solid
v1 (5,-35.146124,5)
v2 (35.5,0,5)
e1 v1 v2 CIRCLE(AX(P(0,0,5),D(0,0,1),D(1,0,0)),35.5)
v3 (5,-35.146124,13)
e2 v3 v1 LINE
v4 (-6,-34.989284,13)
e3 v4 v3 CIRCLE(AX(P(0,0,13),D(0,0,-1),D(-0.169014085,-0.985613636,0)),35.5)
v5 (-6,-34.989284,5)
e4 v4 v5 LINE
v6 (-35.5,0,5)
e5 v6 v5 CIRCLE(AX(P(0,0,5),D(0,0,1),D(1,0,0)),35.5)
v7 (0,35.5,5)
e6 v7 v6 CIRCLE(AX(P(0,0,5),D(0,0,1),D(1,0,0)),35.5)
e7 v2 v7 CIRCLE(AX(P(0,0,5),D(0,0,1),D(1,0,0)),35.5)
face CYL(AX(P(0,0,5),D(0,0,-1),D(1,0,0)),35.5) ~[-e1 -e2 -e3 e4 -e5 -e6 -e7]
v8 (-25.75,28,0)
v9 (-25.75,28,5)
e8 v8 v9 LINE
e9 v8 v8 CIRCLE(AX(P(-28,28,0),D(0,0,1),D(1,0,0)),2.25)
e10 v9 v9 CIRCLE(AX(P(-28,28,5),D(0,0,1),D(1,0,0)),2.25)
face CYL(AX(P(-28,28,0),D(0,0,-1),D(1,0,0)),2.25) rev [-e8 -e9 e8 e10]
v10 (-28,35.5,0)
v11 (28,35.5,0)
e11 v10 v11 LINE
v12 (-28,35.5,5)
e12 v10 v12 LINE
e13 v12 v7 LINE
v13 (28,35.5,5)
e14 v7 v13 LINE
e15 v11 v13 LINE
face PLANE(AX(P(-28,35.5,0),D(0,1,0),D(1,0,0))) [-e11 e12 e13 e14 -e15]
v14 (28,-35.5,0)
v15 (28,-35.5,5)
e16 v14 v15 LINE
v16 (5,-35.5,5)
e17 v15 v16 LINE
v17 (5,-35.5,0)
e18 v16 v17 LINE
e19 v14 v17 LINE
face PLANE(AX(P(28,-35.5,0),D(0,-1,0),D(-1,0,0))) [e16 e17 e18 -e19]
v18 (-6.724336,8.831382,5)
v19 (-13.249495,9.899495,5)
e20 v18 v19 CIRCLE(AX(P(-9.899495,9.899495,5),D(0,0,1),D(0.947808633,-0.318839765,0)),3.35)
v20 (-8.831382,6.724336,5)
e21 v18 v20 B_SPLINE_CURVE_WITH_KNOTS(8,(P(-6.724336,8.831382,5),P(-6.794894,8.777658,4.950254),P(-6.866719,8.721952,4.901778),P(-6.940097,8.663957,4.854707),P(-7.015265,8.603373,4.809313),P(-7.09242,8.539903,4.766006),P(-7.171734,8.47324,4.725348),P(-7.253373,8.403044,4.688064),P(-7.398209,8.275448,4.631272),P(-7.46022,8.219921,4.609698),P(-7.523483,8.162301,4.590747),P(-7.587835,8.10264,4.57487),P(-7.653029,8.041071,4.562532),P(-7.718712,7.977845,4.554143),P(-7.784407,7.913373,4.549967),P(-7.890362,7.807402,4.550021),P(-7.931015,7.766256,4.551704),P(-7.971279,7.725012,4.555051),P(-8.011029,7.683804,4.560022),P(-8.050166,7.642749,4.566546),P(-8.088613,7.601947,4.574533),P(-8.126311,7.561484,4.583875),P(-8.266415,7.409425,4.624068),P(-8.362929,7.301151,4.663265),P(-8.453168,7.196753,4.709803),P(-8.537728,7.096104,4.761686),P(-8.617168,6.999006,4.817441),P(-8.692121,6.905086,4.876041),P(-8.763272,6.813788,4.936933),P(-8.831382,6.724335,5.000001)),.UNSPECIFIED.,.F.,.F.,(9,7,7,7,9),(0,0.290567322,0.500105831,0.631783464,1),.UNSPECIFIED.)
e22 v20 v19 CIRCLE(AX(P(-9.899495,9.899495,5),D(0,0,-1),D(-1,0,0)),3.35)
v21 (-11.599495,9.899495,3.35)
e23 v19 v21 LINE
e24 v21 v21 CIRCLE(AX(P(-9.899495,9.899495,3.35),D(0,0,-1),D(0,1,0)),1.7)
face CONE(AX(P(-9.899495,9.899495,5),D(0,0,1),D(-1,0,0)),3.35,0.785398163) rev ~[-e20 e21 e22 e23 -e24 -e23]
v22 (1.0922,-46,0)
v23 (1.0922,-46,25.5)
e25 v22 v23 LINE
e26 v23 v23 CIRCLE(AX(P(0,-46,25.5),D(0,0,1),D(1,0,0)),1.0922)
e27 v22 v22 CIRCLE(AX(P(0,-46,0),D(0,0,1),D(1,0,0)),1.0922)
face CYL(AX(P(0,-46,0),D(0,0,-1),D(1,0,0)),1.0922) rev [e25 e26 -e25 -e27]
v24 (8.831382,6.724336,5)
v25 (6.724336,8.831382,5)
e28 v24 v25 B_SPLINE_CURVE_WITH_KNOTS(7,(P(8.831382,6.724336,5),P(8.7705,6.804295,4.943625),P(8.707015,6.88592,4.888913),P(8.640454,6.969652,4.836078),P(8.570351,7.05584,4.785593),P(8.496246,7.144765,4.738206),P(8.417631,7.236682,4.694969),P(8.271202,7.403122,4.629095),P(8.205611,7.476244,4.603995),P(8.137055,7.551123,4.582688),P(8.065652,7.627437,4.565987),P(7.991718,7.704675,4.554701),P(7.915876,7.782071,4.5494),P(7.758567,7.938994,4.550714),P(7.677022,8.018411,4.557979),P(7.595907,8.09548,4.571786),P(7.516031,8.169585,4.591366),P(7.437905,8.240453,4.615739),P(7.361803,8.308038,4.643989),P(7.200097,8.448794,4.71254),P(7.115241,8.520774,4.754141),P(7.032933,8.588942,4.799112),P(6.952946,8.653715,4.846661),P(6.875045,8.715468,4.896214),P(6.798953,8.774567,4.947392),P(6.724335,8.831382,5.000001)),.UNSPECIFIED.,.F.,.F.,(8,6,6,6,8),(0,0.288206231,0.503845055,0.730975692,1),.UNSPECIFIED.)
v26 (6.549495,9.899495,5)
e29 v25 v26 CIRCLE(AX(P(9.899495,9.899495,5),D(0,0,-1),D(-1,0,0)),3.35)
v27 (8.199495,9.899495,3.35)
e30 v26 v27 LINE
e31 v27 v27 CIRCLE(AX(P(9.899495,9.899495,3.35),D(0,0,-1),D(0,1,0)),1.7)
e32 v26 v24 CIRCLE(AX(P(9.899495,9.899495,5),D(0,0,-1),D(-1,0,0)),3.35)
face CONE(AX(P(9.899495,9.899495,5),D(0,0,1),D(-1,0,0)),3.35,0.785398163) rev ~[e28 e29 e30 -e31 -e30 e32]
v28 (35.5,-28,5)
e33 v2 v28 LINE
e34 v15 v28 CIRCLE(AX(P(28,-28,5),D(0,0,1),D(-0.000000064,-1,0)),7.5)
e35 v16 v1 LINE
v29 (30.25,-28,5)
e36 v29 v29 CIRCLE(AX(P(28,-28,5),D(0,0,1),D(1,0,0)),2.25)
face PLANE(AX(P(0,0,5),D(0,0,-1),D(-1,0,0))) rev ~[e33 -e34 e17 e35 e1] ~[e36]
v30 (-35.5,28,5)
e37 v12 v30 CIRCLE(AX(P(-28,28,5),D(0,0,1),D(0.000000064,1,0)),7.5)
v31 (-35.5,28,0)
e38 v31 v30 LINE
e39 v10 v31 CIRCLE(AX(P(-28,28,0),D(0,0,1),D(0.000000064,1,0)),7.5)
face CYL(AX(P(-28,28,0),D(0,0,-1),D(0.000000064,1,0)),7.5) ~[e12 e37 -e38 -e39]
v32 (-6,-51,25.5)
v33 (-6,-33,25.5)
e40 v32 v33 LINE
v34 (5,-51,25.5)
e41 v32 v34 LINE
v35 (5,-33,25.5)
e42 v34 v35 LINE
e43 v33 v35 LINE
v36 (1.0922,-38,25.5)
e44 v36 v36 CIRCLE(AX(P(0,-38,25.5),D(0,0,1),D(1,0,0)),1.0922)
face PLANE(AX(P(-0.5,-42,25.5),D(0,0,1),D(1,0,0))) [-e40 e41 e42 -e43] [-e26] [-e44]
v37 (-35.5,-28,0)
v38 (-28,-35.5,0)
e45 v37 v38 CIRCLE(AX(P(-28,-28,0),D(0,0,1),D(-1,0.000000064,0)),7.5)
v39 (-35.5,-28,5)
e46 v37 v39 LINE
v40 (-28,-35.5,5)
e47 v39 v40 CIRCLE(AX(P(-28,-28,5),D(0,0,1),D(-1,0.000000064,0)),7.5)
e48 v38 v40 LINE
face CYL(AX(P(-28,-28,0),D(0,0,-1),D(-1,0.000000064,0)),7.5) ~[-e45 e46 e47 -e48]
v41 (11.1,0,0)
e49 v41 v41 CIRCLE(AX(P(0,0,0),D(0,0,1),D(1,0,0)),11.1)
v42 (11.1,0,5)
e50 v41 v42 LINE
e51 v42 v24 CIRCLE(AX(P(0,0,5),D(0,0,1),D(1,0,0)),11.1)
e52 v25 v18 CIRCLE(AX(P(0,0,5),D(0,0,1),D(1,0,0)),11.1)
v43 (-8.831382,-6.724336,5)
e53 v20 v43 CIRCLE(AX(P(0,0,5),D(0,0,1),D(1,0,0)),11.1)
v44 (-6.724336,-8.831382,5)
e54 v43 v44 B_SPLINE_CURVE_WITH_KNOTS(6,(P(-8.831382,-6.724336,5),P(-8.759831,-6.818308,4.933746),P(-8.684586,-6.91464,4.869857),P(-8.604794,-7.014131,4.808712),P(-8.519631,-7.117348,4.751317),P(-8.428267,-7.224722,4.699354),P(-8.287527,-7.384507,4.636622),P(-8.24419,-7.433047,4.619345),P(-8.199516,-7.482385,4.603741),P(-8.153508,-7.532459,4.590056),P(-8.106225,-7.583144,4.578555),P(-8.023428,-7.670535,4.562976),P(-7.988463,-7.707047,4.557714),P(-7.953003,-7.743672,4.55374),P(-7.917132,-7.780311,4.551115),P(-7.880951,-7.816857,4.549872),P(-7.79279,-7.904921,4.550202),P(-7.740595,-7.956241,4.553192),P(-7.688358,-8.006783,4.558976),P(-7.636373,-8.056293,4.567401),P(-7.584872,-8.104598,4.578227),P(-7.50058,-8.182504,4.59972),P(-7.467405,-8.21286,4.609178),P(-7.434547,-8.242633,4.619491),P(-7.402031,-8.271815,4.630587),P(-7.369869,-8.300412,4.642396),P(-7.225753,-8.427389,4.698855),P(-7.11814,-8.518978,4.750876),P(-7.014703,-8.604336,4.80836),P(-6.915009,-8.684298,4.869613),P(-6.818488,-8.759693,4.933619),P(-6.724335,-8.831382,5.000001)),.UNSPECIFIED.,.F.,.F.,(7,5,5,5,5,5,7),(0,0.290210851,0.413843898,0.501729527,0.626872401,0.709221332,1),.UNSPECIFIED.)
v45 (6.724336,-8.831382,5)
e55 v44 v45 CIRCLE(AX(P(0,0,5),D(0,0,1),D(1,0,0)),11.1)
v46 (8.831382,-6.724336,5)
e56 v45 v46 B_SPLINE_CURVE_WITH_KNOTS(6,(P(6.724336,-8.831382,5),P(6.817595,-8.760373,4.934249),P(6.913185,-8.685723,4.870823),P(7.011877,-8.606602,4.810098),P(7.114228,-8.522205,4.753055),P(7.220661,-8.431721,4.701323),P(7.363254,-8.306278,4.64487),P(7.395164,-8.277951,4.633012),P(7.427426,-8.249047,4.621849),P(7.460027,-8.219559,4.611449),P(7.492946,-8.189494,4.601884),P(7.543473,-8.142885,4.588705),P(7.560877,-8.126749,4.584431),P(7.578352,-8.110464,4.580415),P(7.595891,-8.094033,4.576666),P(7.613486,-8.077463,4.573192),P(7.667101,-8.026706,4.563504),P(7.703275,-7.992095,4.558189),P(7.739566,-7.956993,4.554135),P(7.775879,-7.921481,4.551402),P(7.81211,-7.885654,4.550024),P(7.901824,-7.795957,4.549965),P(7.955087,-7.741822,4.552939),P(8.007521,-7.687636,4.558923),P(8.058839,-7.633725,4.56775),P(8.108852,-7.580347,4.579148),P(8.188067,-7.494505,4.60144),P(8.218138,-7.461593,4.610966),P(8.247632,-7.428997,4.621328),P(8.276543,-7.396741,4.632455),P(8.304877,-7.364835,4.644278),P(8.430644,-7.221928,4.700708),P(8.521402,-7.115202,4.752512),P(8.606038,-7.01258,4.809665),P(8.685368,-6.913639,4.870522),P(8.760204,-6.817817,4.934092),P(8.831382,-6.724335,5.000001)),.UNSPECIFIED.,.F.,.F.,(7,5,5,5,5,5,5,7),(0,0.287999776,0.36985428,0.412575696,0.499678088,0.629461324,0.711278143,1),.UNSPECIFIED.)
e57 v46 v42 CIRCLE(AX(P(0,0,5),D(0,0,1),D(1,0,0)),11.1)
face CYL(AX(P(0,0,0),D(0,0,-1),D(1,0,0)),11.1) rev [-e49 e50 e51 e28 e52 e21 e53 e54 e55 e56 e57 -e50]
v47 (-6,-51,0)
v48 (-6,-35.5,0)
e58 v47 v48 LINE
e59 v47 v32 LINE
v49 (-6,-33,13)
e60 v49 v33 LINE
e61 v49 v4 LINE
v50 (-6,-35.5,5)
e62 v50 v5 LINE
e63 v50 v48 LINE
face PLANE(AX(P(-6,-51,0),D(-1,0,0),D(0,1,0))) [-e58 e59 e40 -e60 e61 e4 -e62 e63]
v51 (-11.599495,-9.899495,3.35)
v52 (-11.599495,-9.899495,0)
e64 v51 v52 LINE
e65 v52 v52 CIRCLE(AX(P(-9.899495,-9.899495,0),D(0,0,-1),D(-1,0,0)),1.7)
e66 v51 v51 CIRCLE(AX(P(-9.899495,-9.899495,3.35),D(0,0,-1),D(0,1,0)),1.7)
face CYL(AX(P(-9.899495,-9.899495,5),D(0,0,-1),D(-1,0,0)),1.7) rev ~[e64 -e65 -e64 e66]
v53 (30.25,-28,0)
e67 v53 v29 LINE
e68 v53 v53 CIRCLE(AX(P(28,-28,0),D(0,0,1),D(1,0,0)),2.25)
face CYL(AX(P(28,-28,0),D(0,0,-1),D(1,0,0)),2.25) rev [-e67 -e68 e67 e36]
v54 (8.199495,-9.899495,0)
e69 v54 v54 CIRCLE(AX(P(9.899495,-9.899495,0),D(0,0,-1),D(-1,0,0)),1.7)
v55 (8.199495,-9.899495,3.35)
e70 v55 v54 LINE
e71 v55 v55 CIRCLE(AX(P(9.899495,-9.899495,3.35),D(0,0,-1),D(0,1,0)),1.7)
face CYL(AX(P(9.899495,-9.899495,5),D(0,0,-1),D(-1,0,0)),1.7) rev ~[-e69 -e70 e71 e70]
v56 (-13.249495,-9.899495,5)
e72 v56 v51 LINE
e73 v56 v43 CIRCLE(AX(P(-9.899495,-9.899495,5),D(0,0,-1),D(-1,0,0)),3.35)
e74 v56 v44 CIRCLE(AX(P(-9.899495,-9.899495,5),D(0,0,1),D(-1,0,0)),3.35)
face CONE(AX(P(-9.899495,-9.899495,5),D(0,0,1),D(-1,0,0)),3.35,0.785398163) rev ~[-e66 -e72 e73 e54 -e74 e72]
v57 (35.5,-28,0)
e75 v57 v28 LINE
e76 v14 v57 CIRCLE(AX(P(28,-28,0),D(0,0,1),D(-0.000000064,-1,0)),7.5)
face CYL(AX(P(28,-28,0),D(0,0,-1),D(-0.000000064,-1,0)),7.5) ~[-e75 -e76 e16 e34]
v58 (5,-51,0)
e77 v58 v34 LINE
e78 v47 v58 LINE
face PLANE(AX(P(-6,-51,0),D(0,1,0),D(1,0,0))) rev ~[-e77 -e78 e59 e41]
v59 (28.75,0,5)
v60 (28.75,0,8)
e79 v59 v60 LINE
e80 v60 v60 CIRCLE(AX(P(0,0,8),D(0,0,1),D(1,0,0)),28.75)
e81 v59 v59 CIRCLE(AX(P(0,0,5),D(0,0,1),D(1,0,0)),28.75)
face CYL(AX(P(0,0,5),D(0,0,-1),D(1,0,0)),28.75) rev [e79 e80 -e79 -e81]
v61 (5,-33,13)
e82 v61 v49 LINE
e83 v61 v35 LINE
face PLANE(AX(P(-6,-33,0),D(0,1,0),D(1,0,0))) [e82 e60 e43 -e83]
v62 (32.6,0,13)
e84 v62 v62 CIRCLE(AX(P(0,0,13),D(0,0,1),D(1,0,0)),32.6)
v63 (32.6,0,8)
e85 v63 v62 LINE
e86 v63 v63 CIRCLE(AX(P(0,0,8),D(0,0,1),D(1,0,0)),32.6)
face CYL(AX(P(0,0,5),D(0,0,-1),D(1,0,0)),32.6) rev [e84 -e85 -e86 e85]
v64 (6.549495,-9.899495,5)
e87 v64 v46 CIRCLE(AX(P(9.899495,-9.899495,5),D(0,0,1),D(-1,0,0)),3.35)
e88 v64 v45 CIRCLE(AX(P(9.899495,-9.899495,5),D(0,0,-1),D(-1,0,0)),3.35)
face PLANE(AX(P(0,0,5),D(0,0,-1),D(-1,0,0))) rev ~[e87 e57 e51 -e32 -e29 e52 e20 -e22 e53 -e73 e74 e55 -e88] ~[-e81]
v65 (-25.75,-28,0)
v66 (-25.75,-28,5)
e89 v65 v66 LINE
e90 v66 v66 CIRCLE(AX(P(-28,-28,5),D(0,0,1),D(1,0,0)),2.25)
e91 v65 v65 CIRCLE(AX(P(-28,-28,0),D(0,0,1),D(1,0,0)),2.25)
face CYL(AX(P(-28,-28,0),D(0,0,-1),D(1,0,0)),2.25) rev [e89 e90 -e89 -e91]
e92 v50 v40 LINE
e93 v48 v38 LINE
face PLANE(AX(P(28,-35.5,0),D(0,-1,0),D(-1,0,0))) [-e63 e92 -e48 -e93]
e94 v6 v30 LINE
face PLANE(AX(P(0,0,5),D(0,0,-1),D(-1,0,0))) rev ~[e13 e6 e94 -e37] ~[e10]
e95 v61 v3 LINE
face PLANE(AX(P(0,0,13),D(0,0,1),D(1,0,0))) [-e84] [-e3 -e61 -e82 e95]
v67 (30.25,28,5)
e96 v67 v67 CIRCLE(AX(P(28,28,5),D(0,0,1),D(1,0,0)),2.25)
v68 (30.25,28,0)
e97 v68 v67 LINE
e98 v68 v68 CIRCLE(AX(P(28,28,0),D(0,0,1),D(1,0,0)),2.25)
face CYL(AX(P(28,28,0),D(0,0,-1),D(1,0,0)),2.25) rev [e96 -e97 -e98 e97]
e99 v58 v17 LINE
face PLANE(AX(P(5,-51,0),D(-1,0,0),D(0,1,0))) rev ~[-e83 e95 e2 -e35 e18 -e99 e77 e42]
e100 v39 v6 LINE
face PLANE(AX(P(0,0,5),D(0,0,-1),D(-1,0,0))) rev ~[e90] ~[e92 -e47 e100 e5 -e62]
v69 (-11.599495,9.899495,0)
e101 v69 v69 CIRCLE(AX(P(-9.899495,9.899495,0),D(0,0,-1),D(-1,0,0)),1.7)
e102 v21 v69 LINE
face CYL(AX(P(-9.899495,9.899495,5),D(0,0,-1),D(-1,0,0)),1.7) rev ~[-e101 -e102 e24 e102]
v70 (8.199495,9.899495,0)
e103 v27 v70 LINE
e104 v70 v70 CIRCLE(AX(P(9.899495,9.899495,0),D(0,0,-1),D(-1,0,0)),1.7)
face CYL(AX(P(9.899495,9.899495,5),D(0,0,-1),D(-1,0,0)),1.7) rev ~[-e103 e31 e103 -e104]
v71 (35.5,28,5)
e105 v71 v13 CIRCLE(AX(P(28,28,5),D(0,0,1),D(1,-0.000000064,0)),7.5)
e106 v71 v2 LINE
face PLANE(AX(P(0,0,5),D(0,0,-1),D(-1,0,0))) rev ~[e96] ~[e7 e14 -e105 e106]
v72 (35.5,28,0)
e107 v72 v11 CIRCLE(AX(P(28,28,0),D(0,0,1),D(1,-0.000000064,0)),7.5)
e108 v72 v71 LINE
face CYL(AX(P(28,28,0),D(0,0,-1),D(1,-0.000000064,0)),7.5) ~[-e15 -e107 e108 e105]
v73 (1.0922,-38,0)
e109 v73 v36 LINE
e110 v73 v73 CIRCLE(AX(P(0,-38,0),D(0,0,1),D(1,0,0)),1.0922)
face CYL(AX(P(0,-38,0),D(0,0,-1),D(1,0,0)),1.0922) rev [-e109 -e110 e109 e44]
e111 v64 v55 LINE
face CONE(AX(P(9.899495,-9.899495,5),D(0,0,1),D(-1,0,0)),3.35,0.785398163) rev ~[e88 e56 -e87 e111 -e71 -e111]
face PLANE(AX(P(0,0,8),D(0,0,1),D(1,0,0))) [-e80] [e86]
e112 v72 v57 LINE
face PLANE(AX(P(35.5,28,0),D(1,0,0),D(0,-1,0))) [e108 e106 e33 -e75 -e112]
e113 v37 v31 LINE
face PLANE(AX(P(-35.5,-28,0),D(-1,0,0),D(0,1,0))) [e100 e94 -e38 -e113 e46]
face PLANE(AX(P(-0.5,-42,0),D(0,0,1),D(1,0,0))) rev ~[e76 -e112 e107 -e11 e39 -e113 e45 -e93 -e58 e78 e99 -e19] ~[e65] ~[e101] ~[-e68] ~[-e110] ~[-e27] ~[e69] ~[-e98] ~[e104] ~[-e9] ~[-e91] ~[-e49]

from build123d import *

# Parameters (mm, degrees)
SKETCH004_R         = 2.25
SKETCH004_R_2       = 11.1
SKETCH004_R_3       = 1.65
PAD005_DEPTH        = 5
SKETCH005_R         = 35.5
SKETCH005_R_2       = 32.6
PAD006_DEPTH        = 8
SKETCH070_R         = 32.6
SKETCH070_R_2       = 28.75
PAD045_DEPTH        = 3
SKETCH071_W         = 11
SKETCH071_H         = 18
SKETCH071_R         = 1.0922
PAD046_DEPTH        = 25.5
HOLE002_D           = 3.4
HOLE002_CSINK_D     = 6.7
HOLE002_CSINK_ANGLE = 90


with BuildPart() as part:
    # Sketch004 → Pad005 (new body)
    with BuildSketch(Plane.XY):
        with BuildLine():
            Line((-28, 35.5), (28, 35.5))
            ThreePointArc((35.5, 28), (33.303301, 33.303301), (28, 35.5))
            Line((35.5, 28), (35.5, -28))
            ThreePointArc((28, -35.5), (33.303301, -33.303301), (35.5, -28))
            Line((28, -35.5), (-28, -35.5))
            ThreePointArc((-35.5, -28), (-33.303301, -33.303301), (-28, -35.5))
            Line((-35.5, -28), (-35.5, 28))
            ThreePointArc((-28, 35.5), (-33.303301, 33.303301), (-35.5, 28))
        make_face()
        with Locations((-28, 28)):
            Circle(SKETCH004_R, mode=Mode.SUBTRACT)
        with Locations((28, 28)):
            Circle(SKETCH004_R, mode=Mode.SUBTRACT)
        with Locations((28, -28)):
            Circle(SKETCH004_R, mode=Mode.SUBTRACT)
        with Locations((-28, -28)):
            Circle(SKETCH004_R, mode=Mode.SUBTRACT)
        Circle(SKETCH004_R_2, mode=Mode.SUBTRACT)
        with Locations((-9.899495, 9.899495)):
            Circle(SKETCH004_R_3, mode=Mode.SUBTRACT)
        with Locations((9.899495, 9.899495)):
            Circle(SKETCH004_R_3, mode=Mode.SUBTRACT)
        with Locations((9.899495, -9.899495)):
            Circle(SKETCH004_R_3, mode=Mode.SUBTRACT)
        with Locations((-9.899495, -9.899495)):
            Circle(SKETCH004_R_3, mode=Mode.SUBTRACT)
    extrude(amount=PAD005_DEPTH)

    # Sketch005 → Pad006 (join)
    with BuildSketch(Plane.XY.offset(5)):
        Circle(SKETCH005_R)
        Circle(SKETCH005_R_2, mode=Mode.SUBTRACT)
    extrude(amount=PAD006_DEPTH)

    # Sketch070 → Pad045 (join)
    with BuildSketch(Plane.XY.offset(5)):
        Circle(SKETCH070_R)
        Circle(SKETCH070_R_2, mode=Mode.SUBTRACT)
    extrude(amount=PAD045_DEPTH)

    # Sketch071 → Pad046 (join)
    with BuildSketch(Plane.XY):
        with Locations((-0.5, -42)):
            Rectangle(SKETCH071_W, SKETCH071_H)
        with Locations((0, -38)):
            Circle(SKETCH071_R, mode=Mode.SUBTRACT)
        with Locations((0, -46)):
            Circle(SKETCH071_R, mode=Mode.SUBTRACT)
    extrude(amount=PAD046_DEPTH)

    # Hole002 (through all)
    with Locations(Plane.XY.offset(5)):
        with Locations((-9.899495, 9.899495), (9.899495, 9.899495), (9.899495, -9.899495), (-9.899495, -9.899495)):
            CounterSinkHole(HOLE002_D / 2, HOLE002_CSINK_D / 2, counter_sink_angle=HOLE002_CSINK_ANGLE)


solid = part.part
